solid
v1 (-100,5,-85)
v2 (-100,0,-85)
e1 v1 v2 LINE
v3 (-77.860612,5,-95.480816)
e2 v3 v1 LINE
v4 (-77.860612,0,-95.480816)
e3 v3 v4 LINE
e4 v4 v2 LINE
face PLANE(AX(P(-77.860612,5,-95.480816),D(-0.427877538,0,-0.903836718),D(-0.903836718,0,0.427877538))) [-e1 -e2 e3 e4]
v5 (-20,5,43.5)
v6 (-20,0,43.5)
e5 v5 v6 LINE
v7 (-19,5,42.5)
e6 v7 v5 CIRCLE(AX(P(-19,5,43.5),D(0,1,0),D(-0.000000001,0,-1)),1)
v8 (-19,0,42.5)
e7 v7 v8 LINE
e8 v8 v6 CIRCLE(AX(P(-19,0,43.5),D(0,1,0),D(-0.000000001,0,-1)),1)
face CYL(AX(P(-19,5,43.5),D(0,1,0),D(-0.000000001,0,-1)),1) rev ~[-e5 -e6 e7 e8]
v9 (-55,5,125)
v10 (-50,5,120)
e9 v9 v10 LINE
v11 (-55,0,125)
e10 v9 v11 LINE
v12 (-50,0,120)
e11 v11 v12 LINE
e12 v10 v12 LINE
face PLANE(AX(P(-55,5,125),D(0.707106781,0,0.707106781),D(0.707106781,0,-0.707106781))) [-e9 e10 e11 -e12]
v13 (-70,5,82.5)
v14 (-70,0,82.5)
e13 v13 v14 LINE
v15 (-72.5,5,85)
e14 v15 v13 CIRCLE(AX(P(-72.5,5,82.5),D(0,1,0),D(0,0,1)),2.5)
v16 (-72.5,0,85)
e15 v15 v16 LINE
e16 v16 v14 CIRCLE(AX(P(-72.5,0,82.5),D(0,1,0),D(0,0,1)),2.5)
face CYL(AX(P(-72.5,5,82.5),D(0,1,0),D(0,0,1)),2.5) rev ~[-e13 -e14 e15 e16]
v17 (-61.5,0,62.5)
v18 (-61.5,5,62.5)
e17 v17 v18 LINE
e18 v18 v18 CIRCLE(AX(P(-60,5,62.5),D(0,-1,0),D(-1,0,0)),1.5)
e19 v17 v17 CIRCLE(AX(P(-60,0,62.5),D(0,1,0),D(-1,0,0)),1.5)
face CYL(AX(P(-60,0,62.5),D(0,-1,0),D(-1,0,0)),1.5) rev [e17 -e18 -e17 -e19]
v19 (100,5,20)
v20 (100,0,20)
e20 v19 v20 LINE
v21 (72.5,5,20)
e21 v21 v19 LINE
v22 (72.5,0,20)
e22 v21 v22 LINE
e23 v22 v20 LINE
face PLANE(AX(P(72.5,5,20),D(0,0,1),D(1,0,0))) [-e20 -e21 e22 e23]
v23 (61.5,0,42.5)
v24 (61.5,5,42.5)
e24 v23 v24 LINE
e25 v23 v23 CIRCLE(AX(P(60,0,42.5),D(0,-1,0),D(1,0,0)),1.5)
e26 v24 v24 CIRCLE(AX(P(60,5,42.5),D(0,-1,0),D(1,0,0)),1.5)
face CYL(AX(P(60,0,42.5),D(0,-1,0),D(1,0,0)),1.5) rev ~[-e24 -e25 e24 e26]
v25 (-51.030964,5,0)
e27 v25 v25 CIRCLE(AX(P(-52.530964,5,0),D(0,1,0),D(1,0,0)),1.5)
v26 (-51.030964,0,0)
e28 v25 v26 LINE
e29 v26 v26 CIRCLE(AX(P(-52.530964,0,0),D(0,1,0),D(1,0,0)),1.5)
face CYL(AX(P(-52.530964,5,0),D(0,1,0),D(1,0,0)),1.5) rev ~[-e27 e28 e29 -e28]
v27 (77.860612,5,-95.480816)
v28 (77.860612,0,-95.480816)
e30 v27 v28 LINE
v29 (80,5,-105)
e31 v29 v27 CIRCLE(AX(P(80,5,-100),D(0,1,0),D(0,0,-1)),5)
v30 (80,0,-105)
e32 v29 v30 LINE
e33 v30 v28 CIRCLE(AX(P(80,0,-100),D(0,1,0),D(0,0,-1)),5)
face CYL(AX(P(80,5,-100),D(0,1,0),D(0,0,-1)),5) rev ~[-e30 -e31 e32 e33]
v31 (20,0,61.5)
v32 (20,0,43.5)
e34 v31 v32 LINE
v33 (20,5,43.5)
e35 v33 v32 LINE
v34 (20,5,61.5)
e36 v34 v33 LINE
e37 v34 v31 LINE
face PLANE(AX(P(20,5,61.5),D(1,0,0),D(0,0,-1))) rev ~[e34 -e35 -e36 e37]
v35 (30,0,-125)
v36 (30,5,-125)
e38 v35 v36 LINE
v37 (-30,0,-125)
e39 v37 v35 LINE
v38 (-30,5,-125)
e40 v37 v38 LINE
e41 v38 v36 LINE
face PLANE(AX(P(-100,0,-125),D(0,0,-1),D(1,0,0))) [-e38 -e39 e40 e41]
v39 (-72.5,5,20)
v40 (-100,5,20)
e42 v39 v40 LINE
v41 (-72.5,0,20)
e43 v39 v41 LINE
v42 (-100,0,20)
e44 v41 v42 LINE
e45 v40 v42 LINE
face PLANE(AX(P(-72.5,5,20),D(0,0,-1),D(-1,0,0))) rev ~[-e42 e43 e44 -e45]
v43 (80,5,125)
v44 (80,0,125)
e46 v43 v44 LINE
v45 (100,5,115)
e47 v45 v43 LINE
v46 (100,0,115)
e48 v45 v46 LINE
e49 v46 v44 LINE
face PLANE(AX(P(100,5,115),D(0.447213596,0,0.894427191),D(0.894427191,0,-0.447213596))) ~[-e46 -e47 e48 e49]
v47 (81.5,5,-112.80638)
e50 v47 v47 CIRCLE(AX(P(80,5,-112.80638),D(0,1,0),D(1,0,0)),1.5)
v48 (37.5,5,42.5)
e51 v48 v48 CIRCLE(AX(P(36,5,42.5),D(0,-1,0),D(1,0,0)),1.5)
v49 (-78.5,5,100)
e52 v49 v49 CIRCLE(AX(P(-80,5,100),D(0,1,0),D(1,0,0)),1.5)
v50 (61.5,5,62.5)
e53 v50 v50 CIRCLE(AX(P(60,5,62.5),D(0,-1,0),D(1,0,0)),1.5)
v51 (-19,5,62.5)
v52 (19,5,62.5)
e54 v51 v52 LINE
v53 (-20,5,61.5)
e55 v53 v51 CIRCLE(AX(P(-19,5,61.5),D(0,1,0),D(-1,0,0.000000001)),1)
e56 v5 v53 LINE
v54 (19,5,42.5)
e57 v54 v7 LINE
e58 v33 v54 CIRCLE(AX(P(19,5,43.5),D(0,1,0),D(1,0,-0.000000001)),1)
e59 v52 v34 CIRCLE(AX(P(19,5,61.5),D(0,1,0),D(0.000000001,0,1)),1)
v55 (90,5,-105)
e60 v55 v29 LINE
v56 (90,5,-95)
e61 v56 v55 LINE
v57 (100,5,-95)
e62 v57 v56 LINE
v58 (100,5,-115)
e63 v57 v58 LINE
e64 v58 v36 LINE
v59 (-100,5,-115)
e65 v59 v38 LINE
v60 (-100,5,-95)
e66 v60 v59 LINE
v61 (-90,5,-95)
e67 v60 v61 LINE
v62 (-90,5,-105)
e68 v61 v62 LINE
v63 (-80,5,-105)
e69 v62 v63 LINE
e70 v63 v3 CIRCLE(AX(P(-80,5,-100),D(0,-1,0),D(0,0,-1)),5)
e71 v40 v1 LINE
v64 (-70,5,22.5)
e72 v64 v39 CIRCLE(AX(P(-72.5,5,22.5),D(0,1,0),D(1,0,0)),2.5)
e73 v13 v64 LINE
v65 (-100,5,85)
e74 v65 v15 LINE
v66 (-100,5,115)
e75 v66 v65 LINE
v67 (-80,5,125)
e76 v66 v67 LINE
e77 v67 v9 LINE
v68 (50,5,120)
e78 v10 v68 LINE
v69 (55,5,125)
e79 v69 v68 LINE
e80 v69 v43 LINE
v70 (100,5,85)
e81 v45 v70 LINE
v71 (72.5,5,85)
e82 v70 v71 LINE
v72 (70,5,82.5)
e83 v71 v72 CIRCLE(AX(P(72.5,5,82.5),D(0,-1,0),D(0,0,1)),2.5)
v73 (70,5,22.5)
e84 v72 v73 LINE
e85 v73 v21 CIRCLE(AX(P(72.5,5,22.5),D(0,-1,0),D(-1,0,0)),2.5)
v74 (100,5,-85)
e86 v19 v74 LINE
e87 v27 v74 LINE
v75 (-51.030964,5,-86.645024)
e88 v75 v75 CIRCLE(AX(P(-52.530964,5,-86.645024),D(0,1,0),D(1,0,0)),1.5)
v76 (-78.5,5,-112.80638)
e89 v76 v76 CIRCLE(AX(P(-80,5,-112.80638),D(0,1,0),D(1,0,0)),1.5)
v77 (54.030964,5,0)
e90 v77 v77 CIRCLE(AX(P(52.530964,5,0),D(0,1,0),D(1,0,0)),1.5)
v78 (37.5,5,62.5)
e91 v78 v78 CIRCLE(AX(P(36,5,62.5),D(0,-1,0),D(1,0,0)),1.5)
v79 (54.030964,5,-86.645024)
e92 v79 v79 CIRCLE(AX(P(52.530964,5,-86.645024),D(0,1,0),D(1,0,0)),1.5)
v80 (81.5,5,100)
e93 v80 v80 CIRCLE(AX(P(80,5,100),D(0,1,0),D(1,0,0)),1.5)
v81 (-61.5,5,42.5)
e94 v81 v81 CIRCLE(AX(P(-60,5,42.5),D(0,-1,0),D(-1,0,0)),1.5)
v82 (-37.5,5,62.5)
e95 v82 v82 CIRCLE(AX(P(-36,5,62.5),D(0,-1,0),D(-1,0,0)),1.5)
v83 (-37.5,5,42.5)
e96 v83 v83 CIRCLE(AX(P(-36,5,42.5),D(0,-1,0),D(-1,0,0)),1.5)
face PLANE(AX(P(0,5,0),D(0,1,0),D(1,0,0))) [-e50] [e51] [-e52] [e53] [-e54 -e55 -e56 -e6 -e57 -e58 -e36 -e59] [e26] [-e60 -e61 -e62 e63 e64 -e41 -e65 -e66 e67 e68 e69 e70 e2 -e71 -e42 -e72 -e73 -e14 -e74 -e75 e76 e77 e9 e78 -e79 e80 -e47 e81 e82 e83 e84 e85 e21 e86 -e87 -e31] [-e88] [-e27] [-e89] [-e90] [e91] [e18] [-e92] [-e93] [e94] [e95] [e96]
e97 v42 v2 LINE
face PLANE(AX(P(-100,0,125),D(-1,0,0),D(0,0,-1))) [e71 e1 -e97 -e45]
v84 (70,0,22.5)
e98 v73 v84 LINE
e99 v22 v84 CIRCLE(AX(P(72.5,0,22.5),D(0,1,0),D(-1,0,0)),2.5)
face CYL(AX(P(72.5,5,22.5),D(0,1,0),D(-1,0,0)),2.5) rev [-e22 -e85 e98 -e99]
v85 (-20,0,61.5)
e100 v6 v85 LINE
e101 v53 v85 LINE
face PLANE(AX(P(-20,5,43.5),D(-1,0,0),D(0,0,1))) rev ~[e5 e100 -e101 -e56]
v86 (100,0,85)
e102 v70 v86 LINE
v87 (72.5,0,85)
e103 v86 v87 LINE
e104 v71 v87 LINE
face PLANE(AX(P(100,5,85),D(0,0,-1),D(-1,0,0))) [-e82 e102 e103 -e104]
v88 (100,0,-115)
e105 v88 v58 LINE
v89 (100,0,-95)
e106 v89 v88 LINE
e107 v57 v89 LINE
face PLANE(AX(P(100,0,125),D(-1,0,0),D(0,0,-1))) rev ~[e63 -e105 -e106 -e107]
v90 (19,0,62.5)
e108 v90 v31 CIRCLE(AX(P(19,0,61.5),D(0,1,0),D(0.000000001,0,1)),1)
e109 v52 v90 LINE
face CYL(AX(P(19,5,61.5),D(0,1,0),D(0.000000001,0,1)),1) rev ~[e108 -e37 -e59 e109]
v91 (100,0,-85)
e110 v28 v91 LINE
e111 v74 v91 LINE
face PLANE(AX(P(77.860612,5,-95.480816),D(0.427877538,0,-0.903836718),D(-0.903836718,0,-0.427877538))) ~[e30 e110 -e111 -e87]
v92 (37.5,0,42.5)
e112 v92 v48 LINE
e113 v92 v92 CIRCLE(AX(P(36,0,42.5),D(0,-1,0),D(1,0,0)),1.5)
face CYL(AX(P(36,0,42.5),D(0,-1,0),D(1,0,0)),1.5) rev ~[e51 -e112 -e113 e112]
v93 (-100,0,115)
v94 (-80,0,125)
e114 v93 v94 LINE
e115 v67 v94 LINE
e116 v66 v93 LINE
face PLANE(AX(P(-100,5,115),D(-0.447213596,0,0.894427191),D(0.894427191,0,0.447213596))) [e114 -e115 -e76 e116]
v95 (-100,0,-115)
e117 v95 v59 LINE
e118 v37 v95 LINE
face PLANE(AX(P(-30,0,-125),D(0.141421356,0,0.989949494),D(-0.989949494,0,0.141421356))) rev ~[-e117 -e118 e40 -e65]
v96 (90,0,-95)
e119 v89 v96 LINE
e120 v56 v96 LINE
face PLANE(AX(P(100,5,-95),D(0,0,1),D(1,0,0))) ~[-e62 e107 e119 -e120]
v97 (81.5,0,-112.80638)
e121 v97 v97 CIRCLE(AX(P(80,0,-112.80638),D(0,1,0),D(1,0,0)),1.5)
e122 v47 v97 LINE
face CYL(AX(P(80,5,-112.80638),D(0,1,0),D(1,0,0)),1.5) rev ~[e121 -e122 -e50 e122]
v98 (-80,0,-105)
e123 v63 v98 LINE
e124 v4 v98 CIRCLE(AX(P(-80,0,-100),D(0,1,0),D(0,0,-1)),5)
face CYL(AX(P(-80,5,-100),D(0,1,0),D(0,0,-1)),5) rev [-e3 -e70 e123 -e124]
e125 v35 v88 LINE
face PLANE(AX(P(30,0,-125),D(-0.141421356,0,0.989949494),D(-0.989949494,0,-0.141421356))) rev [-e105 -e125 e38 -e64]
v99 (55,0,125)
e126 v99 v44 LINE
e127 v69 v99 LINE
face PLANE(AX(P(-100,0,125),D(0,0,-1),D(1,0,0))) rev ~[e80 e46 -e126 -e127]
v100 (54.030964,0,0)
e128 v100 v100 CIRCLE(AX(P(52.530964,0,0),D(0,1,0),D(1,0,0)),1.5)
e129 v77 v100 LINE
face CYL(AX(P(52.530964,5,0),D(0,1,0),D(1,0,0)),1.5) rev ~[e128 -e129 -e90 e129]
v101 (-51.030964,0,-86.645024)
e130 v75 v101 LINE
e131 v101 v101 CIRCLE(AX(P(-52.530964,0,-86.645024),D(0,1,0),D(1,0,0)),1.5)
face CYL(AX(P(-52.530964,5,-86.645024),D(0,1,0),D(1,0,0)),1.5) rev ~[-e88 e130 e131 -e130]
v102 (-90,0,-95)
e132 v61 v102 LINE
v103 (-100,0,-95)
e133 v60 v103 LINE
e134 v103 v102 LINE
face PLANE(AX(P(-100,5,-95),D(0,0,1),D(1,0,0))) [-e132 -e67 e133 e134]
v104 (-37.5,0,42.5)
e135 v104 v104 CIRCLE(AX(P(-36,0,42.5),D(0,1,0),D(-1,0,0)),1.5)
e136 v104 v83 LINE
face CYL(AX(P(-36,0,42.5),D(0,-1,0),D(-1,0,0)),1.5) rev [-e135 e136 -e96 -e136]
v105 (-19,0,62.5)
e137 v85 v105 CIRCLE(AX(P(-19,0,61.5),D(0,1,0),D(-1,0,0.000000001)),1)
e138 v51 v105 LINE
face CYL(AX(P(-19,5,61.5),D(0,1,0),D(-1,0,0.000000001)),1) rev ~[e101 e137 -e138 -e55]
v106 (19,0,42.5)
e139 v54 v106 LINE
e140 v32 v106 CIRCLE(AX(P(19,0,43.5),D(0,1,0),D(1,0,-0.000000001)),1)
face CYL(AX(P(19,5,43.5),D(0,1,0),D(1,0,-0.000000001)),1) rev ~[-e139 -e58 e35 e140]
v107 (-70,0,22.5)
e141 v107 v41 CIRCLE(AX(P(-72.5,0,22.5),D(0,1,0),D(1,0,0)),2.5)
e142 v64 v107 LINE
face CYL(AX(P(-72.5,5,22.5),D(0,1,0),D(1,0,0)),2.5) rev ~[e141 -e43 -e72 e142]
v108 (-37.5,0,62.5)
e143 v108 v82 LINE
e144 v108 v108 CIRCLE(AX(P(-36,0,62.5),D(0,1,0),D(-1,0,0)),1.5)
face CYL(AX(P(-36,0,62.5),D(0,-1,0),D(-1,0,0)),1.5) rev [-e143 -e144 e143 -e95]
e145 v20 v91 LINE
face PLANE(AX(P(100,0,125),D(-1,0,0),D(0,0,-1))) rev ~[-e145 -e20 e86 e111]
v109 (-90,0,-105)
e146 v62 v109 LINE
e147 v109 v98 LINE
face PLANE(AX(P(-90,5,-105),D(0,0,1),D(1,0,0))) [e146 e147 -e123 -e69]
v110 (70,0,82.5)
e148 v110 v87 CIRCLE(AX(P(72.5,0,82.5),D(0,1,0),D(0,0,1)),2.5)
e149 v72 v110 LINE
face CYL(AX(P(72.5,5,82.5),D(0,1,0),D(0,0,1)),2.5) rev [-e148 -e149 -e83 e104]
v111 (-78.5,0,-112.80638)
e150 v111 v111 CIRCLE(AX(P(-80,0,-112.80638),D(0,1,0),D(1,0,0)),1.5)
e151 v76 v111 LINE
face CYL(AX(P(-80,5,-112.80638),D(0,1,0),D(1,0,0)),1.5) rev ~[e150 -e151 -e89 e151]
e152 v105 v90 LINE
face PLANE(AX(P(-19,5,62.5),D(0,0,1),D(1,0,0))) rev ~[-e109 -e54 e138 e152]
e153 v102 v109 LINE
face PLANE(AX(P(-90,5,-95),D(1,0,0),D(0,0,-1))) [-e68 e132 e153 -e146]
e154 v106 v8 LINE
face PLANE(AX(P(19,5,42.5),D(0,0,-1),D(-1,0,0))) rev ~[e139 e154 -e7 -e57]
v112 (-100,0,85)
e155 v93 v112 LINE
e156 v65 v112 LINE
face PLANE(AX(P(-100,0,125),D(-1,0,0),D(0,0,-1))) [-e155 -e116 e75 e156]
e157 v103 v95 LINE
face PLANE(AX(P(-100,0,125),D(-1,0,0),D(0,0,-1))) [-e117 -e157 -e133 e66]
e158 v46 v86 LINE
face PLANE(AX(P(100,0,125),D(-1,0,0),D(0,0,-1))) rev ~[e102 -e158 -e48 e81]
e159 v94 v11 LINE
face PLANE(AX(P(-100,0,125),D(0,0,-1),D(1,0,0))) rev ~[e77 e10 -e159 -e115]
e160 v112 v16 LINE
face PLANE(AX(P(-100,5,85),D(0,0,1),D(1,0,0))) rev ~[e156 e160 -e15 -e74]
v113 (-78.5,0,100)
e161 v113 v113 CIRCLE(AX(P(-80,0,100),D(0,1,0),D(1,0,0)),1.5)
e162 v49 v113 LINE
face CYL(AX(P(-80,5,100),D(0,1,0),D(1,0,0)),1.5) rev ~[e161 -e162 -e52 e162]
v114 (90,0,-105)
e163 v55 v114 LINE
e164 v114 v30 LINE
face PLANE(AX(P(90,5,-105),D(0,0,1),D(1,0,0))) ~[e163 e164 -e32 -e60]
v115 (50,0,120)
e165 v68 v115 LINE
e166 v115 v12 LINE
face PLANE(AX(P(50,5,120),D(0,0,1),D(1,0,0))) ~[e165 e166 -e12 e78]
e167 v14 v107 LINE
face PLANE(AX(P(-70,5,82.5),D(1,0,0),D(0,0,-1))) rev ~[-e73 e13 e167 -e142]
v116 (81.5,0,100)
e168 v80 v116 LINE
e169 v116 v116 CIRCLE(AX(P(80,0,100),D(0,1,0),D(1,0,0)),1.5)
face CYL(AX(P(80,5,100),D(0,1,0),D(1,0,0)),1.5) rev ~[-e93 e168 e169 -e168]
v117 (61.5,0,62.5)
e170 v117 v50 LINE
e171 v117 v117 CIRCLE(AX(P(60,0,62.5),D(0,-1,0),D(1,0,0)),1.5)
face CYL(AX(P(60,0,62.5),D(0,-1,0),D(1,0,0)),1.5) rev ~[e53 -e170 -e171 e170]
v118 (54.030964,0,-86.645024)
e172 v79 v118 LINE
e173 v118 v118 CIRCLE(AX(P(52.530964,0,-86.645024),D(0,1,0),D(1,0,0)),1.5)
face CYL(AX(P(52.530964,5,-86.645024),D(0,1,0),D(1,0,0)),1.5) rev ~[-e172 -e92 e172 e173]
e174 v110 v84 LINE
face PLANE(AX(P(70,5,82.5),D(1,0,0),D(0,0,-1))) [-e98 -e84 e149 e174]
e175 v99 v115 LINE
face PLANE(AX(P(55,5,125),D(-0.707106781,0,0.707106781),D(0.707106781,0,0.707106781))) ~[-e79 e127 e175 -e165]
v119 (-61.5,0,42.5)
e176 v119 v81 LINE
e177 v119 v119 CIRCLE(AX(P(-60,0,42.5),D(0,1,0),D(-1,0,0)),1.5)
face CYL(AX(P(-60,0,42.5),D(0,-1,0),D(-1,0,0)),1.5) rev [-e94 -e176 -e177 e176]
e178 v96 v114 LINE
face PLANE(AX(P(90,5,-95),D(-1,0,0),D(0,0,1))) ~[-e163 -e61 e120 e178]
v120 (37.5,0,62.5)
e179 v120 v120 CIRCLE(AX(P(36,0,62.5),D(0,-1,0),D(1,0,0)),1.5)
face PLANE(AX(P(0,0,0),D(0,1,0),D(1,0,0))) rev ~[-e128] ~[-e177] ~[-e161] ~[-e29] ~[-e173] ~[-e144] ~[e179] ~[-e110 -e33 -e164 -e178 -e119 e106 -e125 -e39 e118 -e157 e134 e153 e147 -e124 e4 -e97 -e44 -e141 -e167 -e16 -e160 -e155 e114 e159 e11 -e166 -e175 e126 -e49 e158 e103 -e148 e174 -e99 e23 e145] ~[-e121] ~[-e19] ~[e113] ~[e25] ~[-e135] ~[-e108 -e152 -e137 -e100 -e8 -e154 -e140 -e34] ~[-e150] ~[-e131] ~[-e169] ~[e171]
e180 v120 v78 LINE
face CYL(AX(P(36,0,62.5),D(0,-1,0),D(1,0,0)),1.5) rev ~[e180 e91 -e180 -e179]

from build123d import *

# Parameters (mm, degrees)
SKETCH_1_W           = 200
SKETCH_1_H           = 250
EXTRUDE_1_DEPTH      = 5
CUT_EXTRUDE_1_DEPTH  = 35
CUT_EXTRUDE_2_DEPTH  = 35
CUT_EXTRUDE_5_DEPTH  = 30
CUT_EXTRUDE_6_DEPTH  = 10
SKETCH_9_R           = 1.5
CUT_EXTRUDE_8_DEPTH  = 10
SKETCH_10_R          = 1.5
CUT_EXTRUDE_9_DEPTH  = 10
CUT_EXTRUDE_12_DEPTH = 10
SKETCH_15_R          = 1.5
CUT_EXTRUDE_13_DEPTH = 10
SKETCH_16_R          = 1.5
CUT_EXTRUDE_14_DEPTH = 10
CUT_EXTRUDE_15_DEPTH = 10


with BuildPart() as part:
    # 草图1 → 凸台-拉伸1 (new body)
    with BuildSketch(Plane(origin=(0, 0, 0), x_dir=(1, 0, 0), z_dir=(0, 1, 0))):
        Rectangle(SKETCH_1_W, SKETCH_1_H)
    extrude(amount=EXTRUDE_1_DEPTH)

    # 草图2 → 切除-拉伸1 (cut)
    with BuildSketch(Plane(origin=(0, 5, 0), x_dir=(1, 0, 0), z_dir=(0, 1, 0))):
        Polygon((-100, -115), (-80, -125), (-100, -125), align=None)
    cut_extrude_1 = extrude(amount=-CUT_EXTRUDE_1_DEPTH, mode=Mode.SUBTRACT)

    # 镜向1: 切除-拉伸1 across plane
    add(cut_extrude_1.mirror(Plane(origin=(0, 0, 0), x_dir=(0, 0, 1), z_dir=(1, 0, 0))), mode=Mode.SUBTRACT)

    # 草图3 → 切除-拉伸2 (cut)
    with BuildSketch(Plane(origin=(0, 5, 0), x_dir=(1, 0, 0), z_dir=(0, 1, 0))):
        Polygon((-55, -125), (-50, -120), (0, -120), (0, -125), align=None)
    cut_extrude_2 = extrude(amount=-CUT_EXTRUDE_2_DEPTH, mode=Mode.SUBTRACT)

    # 镜向2: 切除-拉伸2 across plane
    add(cut_extrude_2.mirror(Plane(origin=(0, 0, 0), x_dir=(0, 0, 1), z_dir=(1, 0, 0))), mode=Mode.SUBTRACT)

    # 草图5 → 切除-拉伸5 (cut)
    with BuildSketch(Plane(origin=(0, 0, 0), x_dir=(1, 0, 0), z_dir=(0, 1, 0))):
        Polygon((-30, 125), (-100, 115), (-100, 125), align=None)
    cut_extrude_5 = extrude(amount=CUT_EXTRUDE_5_DEPTH, mode=Mode.SUBTRACT)

    # 镜向3: 切除-拉伸5 across plane
    add(cut_extrude_5.mirror(Plane(origin=(0, 0, 0), x_dir=(0, 0, 1), z_dir=(1, 0, 0))), mode=Mode.SUBTRACT)

    # 草图6 → 切除-拉伸6 (cut)
    with BuildSketch(Plane(origin=(0, 5, 0), x_dir=(1, 0, 0), z_dir=(0, 1, 0))):
        with BuildLine():
            Line((-100, 95), (-90, 95))
            Line((-90, 95), (-90, 105))
            Line((-90, 105), (-80, 105))
            ThreePointArc((-80, 105), (-75.121684822, 101.096376317), (-77.860612309, 95.480816412))
            Line((-77.860612309, 95.480816412), (-100, 85))
            Line((-100, 85), (-100, 95))
        make_face()
    cut_extrude_6 = extrude(amount=-CUT_EXTRUDE_6_DEPTH, mode=Mode.SUBTRACT)

    # 镜向4: 切除-拉伸6 across plane
    add(cut_extrude_6.mirror(Plane(origin=(0, 0, 0), x_dir=(0, 0, 1), z_dir=(1, 0, 0))), mode=Mode.SUBTRACT)

    # 草图9 → 切除-拉伸8 (cut)
    with BuildSketch(Plane(origin=(0, 5, 0), x_dir=(1, 0, 0), z_dir=(0, 1, 0))):
        with Locations((-80, -100)):
            Circle(SKETCH_9_R)
        with Locations((80, -100)):
            Circle(SKETCH_9_R)
    extrude(amount=-CUT_EXTRUDE_8_DEPTH, mode=Mode.SUBTRACT)

    # 草图10 → 切除-拉伸9 (cut)
    with BuildSketch(Plane(origin=(0, 5, 0), x_dir=(1, 0, 0), z_dir=(0, 1, 0))):
        with Locations((-80, 112.806380134)):
            Circle(SKETCH_10_R)
        with Locations((80, 112.806380134)):
            Circle(SKETCH_10_R)
    extrude(amount=-CUT_EXTRUDE_9_DEPTH, mode=Mode.SUBTRACT)

    # 草图14 → 切除-拉伸12 (cut)
    with BuildSketch(Plane(origin=(0, 5, 0), x_dir=(1, 0, 0), z_dir=(0, 1, 0))):
        with BuildLine():
            Line((-100, -85), (-72.5, -85))
            ThreePointArc((-72.5, -85), (-70.732233047, -84.267766953), (-70, -82.5))
            Line((-70, -82.5), (-70, -22.5))
            ThreePointArc((-70, -22.5), (-70.732233047, -20.732233047), (-72.5, -20))
            Line((-72.5, -20), (-100, -20))
            Line((-100, -20), (-100, -85))
        make_face()
        with BuildLine():
            Line((100, -20), (100, -85))
            Line((100, -85), (72.5, -85))
            ThreePointArc((72.5, -85), (70.732233047, -84.267766953), (70, -82.5))
            Line((70, -82.5), (70, -22.5))
            ThreePointArc((70, -22.5), (70.732233047, -20.732233047), (72.5, -20))
            Line((72.5, -20), (100, -20))
        make_face()
    extrude(amount=-CUT_EXTRUDE_12_DEPTH, mode=Mode.SUBTRACT)

    # 草图15 → 切除-拉伸13 (cut)
    with BuildSketch(Plane(origin=(0, 5, 0), x_dir=(1, 0, 0), z_dir=(0, 1, 0))):
        with Locations((-52.53096351, 0)):
            Circle(SKETCH_15_R)
        with Locations((-52.53096351, 86.645023586)):
            Circle(SKETCH_15_R)
        with Locations((52.53096351, 0)):
            Circle(SKETCH_15_R)
        with Locations((52.53096351, 86.645023586)):
            Circle(SKETCH_15_R)
    extrude(amount=-CUT_EXTRUDE_13_DEPTH, mode=Mode.SUBTRACT)

    # 草图16 → 切除-拉伸14 (cut)
    with BuildSketch(Plane.XZ):
        with Locations((60, 62.5)):
            Circle(SKETCH_16_R)
        with Locations((60, 42.5)):
            Circle(SKETCH_16_R)
        with Locations((36, 42.5)):
            Circle(SKETCH_16_R)
        with Locations((36, 62.5)):
            Circle(SKETCH_16_R)
    cut_extrude_14 = extrude(amount=-CUT_EXTRUDE_14_DEPTH, mode=Mode.SUBTRACT)

    # 镜向5: 切除-拉伸14 across plane
    add(cut_extrude_14.mirror(Plane(origin=(0, 0, 0), x_dir=(0, 0, 1), z_dir=(1, 0, 0))), mode=Mode.SUBTRACT)

    # 草图18 → 切除-拉伸15 (cut)
    with BuildSketch(Plane(origin=(0, 5, 0), x_dir=(1, 0, 0), z_dir=(0, 1, 0))):
        with BuildLine():
            Line((-19, -62.5), (19, -62.5))
            ThreePointArc((19, -62.5), (19.707106781, -62.207106781), (20, -61.5))
            Line((20, -61.5), (20, -43.5))
            ThreePointArc((20, -43.5), (19.707106781, -42.792893219), (19, -42.5))
            Line((19, -42.5), (-19, -42.5))
            ThreePointArc((-19, -42.5), (-19.707106781, -42.792893219), (-20, -43.5))
            Line((-20, -43.5), (-20, -61.5))
            ThreePointArc((-20, -61.5), (-19.707106781, -62.207106781), (-19, -62.5))
        make_face()
    extrude(amount=-CUT_EXTRUDE_15_DEPTH, mode=Mode.SUBTRACT)


solid = part.part
